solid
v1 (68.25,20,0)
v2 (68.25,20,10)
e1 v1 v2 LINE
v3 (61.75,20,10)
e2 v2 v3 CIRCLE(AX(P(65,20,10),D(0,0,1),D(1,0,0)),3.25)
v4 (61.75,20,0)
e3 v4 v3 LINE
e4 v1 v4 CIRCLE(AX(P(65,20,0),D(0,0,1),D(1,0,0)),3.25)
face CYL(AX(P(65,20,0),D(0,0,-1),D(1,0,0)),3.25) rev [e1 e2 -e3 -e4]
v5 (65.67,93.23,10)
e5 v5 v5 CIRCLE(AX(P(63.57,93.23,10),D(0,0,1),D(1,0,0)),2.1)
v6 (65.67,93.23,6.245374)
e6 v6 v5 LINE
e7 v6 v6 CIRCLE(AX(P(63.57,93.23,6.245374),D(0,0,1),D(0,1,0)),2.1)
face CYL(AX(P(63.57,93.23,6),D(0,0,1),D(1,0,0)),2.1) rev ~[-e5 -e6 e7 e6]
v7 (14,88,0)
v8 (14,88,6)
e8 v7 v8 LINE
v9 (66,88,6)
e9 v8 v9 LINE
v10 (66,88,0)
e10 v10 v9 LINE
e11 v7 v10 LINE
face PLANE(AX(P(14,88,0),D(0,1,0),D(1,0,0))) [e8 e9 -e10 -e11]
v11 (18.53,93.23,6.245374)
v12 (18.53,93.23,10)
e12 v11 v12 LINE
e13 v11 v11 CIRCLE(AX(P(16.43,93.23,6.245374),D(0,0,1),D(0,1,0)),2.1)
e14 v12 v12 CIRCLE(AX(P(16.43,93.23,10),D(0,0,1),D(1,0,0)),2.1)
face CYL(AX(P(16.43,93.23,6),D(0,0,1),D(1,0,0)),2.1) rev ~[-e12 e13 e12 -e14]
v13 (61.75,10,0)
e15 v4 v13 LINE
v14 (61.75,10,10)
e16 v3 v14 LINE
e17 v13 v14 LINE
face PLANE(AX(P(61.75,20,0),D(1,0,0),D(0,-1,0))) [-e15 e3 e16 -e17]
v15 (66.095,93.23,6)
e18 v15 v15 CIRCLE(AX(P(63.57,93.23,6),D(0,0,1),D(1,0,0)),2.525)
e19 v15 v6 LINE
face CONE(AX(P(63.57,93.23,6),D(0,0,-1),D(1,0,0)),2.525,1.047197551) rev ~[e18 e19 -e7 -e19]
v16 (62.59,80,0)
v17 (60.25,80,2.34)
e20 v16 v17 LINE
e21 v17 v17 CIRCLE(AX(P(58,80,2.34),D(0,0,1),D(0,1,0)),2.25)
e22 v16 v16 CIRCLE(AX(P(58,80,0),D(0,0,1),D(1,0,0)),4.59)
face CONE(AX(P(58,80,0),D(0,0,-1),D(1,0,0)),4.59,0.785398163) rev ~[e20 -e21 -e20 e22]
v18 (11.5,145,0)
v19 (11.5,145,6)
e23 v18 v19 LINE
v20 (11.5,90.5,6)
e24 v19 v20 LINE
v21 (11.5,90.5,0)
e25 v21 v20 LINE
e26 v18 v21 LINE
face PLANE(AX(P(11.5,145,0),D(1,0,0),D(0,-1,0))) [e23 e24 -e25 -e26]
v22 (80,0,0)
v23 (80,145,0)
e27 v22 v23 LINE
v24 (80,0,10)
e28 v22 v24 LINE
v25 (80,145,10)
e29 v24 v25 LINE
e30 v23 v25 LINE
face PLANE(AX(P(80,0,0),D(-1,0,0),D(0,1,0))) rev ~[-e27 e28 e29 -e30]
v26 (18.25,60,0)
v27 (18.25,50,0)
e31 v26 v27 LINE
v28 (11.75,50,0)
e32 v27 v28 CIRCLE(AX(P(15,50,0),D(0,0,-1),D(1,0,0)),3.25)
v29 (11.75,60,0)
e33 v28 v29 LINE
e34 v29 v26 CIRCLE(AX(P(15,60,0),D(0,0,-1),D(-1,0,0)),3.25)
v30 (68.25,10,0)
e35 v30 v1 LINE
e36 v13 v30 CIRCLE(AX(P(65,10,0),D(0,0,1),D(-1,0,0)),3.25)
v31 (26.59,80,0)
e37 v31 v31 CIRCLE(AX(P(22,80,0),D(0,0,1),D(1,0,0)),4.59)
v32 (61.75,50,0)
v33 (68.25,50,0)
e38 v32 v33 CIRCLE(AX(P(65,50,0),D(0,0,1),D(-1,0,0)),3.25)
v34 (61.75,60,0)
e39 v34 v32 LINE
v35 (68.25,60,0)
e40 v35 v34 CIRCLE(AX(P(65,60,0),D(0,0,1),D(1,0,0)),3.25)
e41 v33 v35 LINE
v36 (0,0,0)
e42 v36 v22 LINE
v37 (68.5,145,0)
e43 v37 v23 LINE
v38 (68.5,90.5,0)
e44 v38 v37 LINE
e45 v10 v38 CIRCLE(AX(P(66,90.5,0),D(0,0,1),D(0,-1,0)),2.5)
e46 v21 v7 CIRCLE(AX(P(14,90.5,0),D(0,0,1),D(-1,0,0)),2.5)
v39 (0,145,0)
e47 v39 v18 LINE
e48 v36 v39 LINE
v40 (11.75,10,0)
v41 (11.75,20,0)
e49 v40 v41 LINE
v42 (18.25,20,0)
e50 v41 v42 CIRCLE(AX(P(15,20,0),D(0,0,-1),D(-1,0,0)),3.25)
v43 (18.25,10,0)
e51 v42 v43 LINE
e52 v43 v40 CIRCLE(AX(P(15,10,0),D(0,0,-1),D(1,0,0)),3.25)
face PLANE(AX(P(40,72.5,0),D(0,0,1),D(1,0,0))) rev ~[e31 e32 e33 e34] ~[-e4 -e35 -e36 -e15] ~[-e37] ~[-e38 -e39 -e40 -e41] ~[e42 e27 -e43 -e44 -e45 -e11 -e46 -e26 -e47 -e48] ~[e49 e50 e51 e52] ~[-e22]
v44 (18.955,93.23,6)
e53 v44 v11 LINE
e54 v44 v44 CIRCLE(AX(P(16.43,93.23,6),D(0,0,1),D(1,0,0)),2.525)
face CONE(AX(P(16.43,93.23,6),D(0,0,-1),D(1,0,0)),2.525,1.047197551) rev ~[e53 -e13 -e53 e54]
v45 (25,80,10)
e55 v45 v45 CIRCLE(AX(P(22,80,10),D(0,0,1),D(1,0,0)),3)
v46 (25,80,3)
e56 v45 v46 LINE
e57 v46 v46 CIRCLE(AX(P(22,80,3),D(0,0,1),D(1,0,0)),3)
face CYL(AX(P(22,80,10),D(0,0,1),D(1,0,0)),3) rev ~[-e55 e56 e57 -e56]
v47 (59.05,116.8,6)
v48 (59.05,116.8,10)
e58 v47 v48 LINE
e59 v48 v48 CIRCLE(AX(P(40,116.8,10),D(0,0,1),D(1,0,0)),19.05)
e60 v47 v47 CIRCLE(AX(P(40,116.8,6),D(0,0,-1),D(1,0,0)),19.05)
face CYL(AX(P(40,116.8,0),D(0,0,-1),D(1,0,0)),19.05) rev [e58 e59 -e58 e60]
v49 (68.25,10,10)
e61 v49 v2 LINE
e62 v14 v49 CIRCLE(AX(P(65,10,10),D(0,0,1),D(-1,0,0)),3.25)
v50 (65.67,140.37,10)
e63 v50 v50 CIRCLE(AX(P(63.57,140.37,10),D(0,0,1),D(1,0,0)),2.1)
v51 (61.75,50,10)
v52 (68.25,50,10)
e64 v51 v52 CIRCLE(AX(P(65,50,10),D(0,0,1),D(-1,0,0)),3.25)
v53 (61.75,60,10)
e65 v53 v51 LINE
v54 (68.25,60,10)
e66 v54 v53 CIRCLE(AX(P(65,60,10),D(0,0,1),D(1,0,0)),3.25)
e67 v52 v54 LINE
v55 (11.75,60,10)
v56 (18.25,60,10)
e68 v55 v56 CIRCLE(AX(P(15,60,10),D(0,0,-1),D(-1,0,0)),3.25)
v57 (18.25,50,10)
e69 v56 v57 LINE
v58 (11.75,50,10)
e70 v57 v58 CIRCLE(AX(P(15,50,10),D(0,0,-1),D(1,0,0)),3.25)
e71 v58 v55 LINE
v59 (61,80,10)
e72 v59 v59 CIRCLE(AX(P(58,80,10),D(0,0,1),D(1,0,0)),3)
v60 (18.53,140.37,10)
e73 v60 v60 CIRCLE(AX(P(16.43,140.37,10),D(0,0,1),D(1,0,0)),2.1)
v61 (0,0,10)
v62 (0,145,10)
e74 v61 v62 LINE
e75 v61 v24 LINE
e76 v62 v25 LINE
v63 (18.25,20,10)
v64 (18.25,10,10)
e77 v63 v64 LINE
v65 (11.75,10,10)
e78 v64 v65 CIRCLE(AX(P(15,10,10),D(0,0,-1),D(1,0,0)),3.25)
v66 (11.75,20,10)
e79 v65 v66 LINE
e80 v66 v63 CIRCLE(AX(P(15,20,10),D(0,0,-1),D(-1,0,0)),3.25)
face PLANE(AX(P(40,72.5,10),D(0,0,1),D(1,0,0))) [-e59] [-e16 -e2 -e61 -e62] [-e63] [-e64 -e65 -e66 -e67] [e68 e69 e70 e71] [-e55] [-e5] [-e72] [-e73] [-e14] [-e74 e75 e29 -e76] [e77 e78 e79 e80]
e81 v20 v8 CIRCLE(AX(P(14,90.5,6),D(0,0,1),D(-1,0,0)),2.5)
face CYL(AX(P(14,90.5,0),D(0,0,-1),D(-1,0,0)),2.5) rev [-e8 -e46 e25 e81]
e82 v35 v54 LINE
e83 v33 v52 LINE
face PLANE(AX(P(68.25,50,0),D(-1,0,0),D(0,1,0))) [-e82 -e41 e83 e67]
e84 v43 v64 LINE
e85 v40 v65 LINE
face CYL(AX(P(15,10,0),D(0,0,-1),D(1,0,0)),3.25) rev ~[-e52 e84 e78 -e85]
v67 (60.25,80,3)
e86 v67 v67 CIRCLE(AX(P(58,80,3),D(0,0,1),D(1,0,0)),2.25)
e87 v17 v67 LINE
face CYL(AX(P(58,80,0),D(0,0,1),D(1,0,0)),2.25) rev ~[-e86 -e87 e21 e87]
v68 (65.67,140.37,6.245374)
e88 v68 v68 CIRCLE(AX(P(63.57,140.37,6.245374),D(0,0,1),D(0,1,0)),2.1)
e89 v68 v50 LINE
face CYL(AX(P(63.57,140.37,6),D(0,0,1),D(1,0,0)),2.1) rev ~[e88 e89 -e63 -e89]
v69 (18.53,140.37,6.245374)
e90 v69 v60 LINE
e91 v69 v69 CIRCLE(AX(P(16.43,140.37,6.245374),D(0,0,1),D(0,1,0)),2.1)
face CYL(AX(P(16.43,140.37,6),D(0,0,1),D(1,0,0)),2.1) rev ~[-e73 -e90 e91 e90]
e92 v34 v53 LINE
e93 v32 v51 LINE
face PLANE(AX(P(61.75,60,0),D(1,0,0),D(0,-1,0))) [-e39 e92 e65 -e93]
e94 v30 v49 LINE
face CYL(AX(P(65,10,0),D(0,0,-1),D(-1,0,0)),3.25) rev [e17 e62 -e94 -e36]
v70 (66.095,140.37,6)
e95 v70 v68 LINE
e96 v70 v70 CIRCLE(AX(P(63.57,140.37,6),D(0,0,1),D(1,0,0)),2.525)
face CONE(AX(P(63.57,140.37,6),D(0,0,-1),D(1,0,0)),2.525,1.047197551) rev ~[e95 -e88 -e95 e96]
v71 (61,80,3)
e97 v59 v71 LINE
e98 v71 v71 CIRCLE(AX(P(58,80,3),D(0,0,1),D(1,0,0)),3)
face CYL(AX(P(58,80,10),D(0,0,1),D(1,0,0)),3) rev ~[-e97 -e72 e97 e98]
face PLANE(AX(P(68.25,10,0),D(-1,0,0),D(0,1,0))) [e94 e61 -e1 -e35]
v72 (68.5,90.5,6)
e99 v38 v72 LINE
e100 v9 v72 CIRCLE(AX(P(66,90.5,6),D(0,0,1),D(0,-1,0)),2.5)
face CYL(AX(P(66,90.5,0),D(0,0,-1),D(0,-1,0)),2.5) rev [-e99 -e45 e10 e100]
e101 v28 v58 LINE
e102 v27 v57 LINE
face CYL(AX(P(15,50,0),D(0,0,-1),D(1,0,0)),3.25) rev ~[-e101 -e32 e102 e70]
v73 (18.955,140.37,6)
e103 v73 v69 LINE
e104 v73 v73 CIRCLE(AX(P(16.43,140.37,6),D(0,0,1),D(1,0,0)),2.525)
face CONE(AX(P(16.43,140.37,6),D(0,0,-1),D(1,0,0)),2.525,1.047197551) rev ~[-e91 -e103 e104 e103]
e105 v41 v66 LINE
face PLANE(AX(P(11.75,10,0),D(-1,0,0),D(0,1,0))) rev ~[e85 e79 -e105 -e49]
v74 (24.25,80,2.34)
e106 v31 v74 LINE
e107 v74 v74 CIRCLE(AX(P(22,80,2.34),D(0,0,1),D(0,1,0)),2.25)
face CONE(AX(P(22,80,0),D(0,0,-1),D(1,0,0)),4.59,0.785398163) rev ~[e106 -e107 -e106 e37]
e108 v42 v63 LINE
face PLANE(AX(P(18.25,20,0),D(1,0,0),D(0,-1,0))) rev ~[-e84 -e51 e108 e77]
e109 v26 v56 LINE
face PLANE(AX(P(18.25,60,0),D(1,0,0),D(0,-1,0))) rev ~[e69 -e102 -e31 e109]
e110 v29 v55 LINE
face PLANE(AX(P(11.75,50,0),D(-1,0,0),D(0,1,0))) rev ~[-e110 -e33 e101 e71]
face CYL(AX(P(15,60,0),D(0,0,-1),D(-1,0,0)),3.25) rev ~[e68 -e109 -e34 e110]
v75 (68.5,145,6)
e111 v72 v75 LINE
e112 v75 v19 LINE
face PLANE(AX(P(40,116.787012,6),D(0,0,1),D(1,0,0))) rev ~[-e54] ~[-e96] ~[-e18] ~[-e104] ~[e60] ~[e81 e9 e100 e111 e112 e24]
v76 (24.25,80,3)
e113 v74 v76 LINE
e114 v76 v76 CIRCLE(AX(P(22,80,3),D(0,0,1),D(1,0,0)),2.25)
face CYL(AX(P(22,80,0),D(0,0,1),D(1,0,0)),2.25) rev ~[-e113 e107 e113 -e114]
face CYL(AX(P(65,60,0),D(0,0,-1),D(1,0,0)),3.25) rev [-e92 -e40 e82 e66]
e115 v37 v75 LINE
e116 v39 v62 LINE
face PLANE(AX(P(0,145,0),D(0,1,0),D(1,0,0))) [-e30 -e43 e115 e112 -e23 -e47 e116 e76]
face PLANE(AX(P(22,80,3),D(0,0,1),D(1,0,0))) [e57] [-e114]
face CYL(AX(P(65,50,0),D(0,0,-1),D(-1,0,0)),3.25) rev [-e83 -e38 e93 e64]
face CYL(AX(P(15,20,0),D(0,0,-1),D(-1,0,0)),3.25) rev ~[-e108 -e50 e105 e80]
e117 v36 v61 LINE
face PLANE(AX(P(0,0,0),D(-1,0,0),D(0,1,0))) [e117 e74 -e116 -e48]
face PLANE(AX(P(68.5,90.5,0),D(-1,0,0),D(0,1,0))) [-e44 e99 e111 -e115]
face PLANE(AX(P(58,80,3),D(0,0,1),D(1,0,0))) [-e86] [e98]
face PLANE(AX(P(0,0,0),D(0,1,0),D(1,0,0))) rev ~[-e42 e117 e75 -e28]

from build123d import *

# Parameters (mm, degrees)
SKETCH_1_W                  = 80
SKETCH_1_H                  = 145
SKETCH_1_R                  = 19.05
EXTRUDE_1_DEPTH             = 10
CUT_EXTRUDE_1_DEPTH         = 6
HOLE_WIZARD_M51_D           = 4.2
HOLE_WIZARD_M51_DEPTH       = 14
HOLE_WIZARD_M51_CSINK_D     = 5.05
HOLE_WIZARD_M51_CSINK_ANGLE = 120
HOLE_WIZARD_M51_TIP         = 1.2618073
SKETCH_5_R                  = 3
CUT_EXTRUDE_2_DEPTH         = 7
HOLE_WIZARD_M41_D           = 4.5
HOLE_WIZARD_M41_CSINK_D     = 9.18
HOLE_WIZARD_M41_CSINK_ANGLE = 90


with BuildPart() as part:
    # Эскиз1 → Бобышка-Вытянуть1 (new body)
    with BuildSketch(Plane.XY):
        with Locations((40, 72.5)):
            Rectangle(SKETCH_1_W, SKETCH_1_H)
        with Locations((40, 116.8)):
            Circle(SKETCH_1_R, mode=Mode.SUBTRACT)
        with BuildLine():
            Line((18.25, 60), (18.25, 50))
            ThreePointArc((18.25, 50), (15, 46.75), (11.75, 50))
            Line((11.75, 50), (11.75, 60))
            ThreePointArc((11.75, 60), (15, 63.25), (18.25, 60))
        make_face(mode=Mode.SUBTRACT)
        with BuildLine():
            Line((18.25, 20), (18.25, 10))
            ThreePointArc((18.25, 10), (15, 6.75), (11.75, 10))
            Line((11.75, 10), (11.75, 20))
            ThreePointArc((11.75, 20), (15, 23.25), (18.25, 20))
        make_face(mode=Mode.SUBTRACT)
        with BuildLine():
            Line((61.75, 20), (61.75, 10))
            ThreePointArc((61.75, 10), (65, 6.75), (68.25, 10))
            Line((68.25, 10), (68.25, 20))
            ThreePointArc((68.25, 20), (65, 23.25), (61.75, 20))
        make_face(mode=Mode.SUBTRACT)
        with BuildLine():
            Line((61.75, 60), (61.75, 50))
            ThreePointArc((61.75, 50), (65, 46.75), (68.25, 50))
            Line((68.25, 50), (68.25, 60))
            ThreePointArc((68.25, 60), (65, 63.25), (61.75, 60))
        make_face(mode=Mode.SUBTRACT)
    extrude(amount=EXTRUDE_1_DEPTH)

    # Эскиз4 → Вырез-Вытянуть1 (cut)
    with BuildSketch(Plane(origin=(0, 0, 0), x_dir=(-1, 0, 0), z_dir=(0, 0, -1))):
        with BuildLine():
            Line((-68.5, 145), (-11.5, 145))
            Line((-11.5, 145), (-11.5, 90.5))
            ThreePointArc((-11.5, 90.5), (-12.232233047, 88.732233047), (-14, 88))
            Line((-14, 88), (-66, 88))
            ThreePointArc((-66, 88), (-67.767766953, 88.732233047), (-68.5, 90.5))
            Line((-68.5, 90.5), (-68.5, 145))
        make_face()
    extrude(amount=-CUT_EXTRUDE_1_DEPTH, mode=Mode.SUBTRACT)

    # Отверстие обработанное метчиком M51
    with Locations(Plane(origin=(24.344692429, -10.713064845, 6), x_dir=(-1, 0, 0), z_dir=(0, 0, -1))):
        with Locations((7.914692429, 103.943064845), (7.914692429, 151.083064845), (-39.225307571, 151.083064845), (-39.225307571, 103.943064845)):
            CounterSinkHole(HOLE_WIZARD_M51_D / 2, HOLE_WIZARD_M51_CSINK_D / 2, depth=HOLE_WIZARD_M51_DEPTH, counter_sink_angle=HOLE_WIZARD_M51_CSINK_ANGLE)
            with Locations((0, 0, -(HOLE_WIZARD_M51_DEPTH + HOLE_WIZARD_M51_TIP / 2))):  # 118° drill point
                Cone(0, HOLE_WIZARD_M51_D / 2, HOLE_WIZARD_M51_TIP, mode=Mode.SUBTRACT)

    # Эскиз5 → Вырез-Вытянуть2 (cut)
    with BuildSketch(Plane.XY.offset(10)):
        with Locations((22, 80)):
            Circle(SKETCH_5_R)
        with Locations((58, 80)):
            Circle(SKETCH_5_R)
    extrude(amount=-CUT_EXTRUDE_2_DEPTH, mode=Mode.SUBTRACT)

    # Зенковка для винта с потайной головкой и внутренним шестигранником M41 (through all)
    with Locations(Plane(origin=(0, 0, 0), x_dir=(-1, 0, 0), z_dir=(0, 0, -1))):
        with Locations((-22, 80), (-58, 80)):
            CounterSinkHole(HOLE_WIZARD_M41_D / 2, HOLE_WIZARD_M41_CSINK_D / 2, counter_sink_angle=HOLE_WIZARD_M41_CSINK_ANGLE)


solid = part.part
